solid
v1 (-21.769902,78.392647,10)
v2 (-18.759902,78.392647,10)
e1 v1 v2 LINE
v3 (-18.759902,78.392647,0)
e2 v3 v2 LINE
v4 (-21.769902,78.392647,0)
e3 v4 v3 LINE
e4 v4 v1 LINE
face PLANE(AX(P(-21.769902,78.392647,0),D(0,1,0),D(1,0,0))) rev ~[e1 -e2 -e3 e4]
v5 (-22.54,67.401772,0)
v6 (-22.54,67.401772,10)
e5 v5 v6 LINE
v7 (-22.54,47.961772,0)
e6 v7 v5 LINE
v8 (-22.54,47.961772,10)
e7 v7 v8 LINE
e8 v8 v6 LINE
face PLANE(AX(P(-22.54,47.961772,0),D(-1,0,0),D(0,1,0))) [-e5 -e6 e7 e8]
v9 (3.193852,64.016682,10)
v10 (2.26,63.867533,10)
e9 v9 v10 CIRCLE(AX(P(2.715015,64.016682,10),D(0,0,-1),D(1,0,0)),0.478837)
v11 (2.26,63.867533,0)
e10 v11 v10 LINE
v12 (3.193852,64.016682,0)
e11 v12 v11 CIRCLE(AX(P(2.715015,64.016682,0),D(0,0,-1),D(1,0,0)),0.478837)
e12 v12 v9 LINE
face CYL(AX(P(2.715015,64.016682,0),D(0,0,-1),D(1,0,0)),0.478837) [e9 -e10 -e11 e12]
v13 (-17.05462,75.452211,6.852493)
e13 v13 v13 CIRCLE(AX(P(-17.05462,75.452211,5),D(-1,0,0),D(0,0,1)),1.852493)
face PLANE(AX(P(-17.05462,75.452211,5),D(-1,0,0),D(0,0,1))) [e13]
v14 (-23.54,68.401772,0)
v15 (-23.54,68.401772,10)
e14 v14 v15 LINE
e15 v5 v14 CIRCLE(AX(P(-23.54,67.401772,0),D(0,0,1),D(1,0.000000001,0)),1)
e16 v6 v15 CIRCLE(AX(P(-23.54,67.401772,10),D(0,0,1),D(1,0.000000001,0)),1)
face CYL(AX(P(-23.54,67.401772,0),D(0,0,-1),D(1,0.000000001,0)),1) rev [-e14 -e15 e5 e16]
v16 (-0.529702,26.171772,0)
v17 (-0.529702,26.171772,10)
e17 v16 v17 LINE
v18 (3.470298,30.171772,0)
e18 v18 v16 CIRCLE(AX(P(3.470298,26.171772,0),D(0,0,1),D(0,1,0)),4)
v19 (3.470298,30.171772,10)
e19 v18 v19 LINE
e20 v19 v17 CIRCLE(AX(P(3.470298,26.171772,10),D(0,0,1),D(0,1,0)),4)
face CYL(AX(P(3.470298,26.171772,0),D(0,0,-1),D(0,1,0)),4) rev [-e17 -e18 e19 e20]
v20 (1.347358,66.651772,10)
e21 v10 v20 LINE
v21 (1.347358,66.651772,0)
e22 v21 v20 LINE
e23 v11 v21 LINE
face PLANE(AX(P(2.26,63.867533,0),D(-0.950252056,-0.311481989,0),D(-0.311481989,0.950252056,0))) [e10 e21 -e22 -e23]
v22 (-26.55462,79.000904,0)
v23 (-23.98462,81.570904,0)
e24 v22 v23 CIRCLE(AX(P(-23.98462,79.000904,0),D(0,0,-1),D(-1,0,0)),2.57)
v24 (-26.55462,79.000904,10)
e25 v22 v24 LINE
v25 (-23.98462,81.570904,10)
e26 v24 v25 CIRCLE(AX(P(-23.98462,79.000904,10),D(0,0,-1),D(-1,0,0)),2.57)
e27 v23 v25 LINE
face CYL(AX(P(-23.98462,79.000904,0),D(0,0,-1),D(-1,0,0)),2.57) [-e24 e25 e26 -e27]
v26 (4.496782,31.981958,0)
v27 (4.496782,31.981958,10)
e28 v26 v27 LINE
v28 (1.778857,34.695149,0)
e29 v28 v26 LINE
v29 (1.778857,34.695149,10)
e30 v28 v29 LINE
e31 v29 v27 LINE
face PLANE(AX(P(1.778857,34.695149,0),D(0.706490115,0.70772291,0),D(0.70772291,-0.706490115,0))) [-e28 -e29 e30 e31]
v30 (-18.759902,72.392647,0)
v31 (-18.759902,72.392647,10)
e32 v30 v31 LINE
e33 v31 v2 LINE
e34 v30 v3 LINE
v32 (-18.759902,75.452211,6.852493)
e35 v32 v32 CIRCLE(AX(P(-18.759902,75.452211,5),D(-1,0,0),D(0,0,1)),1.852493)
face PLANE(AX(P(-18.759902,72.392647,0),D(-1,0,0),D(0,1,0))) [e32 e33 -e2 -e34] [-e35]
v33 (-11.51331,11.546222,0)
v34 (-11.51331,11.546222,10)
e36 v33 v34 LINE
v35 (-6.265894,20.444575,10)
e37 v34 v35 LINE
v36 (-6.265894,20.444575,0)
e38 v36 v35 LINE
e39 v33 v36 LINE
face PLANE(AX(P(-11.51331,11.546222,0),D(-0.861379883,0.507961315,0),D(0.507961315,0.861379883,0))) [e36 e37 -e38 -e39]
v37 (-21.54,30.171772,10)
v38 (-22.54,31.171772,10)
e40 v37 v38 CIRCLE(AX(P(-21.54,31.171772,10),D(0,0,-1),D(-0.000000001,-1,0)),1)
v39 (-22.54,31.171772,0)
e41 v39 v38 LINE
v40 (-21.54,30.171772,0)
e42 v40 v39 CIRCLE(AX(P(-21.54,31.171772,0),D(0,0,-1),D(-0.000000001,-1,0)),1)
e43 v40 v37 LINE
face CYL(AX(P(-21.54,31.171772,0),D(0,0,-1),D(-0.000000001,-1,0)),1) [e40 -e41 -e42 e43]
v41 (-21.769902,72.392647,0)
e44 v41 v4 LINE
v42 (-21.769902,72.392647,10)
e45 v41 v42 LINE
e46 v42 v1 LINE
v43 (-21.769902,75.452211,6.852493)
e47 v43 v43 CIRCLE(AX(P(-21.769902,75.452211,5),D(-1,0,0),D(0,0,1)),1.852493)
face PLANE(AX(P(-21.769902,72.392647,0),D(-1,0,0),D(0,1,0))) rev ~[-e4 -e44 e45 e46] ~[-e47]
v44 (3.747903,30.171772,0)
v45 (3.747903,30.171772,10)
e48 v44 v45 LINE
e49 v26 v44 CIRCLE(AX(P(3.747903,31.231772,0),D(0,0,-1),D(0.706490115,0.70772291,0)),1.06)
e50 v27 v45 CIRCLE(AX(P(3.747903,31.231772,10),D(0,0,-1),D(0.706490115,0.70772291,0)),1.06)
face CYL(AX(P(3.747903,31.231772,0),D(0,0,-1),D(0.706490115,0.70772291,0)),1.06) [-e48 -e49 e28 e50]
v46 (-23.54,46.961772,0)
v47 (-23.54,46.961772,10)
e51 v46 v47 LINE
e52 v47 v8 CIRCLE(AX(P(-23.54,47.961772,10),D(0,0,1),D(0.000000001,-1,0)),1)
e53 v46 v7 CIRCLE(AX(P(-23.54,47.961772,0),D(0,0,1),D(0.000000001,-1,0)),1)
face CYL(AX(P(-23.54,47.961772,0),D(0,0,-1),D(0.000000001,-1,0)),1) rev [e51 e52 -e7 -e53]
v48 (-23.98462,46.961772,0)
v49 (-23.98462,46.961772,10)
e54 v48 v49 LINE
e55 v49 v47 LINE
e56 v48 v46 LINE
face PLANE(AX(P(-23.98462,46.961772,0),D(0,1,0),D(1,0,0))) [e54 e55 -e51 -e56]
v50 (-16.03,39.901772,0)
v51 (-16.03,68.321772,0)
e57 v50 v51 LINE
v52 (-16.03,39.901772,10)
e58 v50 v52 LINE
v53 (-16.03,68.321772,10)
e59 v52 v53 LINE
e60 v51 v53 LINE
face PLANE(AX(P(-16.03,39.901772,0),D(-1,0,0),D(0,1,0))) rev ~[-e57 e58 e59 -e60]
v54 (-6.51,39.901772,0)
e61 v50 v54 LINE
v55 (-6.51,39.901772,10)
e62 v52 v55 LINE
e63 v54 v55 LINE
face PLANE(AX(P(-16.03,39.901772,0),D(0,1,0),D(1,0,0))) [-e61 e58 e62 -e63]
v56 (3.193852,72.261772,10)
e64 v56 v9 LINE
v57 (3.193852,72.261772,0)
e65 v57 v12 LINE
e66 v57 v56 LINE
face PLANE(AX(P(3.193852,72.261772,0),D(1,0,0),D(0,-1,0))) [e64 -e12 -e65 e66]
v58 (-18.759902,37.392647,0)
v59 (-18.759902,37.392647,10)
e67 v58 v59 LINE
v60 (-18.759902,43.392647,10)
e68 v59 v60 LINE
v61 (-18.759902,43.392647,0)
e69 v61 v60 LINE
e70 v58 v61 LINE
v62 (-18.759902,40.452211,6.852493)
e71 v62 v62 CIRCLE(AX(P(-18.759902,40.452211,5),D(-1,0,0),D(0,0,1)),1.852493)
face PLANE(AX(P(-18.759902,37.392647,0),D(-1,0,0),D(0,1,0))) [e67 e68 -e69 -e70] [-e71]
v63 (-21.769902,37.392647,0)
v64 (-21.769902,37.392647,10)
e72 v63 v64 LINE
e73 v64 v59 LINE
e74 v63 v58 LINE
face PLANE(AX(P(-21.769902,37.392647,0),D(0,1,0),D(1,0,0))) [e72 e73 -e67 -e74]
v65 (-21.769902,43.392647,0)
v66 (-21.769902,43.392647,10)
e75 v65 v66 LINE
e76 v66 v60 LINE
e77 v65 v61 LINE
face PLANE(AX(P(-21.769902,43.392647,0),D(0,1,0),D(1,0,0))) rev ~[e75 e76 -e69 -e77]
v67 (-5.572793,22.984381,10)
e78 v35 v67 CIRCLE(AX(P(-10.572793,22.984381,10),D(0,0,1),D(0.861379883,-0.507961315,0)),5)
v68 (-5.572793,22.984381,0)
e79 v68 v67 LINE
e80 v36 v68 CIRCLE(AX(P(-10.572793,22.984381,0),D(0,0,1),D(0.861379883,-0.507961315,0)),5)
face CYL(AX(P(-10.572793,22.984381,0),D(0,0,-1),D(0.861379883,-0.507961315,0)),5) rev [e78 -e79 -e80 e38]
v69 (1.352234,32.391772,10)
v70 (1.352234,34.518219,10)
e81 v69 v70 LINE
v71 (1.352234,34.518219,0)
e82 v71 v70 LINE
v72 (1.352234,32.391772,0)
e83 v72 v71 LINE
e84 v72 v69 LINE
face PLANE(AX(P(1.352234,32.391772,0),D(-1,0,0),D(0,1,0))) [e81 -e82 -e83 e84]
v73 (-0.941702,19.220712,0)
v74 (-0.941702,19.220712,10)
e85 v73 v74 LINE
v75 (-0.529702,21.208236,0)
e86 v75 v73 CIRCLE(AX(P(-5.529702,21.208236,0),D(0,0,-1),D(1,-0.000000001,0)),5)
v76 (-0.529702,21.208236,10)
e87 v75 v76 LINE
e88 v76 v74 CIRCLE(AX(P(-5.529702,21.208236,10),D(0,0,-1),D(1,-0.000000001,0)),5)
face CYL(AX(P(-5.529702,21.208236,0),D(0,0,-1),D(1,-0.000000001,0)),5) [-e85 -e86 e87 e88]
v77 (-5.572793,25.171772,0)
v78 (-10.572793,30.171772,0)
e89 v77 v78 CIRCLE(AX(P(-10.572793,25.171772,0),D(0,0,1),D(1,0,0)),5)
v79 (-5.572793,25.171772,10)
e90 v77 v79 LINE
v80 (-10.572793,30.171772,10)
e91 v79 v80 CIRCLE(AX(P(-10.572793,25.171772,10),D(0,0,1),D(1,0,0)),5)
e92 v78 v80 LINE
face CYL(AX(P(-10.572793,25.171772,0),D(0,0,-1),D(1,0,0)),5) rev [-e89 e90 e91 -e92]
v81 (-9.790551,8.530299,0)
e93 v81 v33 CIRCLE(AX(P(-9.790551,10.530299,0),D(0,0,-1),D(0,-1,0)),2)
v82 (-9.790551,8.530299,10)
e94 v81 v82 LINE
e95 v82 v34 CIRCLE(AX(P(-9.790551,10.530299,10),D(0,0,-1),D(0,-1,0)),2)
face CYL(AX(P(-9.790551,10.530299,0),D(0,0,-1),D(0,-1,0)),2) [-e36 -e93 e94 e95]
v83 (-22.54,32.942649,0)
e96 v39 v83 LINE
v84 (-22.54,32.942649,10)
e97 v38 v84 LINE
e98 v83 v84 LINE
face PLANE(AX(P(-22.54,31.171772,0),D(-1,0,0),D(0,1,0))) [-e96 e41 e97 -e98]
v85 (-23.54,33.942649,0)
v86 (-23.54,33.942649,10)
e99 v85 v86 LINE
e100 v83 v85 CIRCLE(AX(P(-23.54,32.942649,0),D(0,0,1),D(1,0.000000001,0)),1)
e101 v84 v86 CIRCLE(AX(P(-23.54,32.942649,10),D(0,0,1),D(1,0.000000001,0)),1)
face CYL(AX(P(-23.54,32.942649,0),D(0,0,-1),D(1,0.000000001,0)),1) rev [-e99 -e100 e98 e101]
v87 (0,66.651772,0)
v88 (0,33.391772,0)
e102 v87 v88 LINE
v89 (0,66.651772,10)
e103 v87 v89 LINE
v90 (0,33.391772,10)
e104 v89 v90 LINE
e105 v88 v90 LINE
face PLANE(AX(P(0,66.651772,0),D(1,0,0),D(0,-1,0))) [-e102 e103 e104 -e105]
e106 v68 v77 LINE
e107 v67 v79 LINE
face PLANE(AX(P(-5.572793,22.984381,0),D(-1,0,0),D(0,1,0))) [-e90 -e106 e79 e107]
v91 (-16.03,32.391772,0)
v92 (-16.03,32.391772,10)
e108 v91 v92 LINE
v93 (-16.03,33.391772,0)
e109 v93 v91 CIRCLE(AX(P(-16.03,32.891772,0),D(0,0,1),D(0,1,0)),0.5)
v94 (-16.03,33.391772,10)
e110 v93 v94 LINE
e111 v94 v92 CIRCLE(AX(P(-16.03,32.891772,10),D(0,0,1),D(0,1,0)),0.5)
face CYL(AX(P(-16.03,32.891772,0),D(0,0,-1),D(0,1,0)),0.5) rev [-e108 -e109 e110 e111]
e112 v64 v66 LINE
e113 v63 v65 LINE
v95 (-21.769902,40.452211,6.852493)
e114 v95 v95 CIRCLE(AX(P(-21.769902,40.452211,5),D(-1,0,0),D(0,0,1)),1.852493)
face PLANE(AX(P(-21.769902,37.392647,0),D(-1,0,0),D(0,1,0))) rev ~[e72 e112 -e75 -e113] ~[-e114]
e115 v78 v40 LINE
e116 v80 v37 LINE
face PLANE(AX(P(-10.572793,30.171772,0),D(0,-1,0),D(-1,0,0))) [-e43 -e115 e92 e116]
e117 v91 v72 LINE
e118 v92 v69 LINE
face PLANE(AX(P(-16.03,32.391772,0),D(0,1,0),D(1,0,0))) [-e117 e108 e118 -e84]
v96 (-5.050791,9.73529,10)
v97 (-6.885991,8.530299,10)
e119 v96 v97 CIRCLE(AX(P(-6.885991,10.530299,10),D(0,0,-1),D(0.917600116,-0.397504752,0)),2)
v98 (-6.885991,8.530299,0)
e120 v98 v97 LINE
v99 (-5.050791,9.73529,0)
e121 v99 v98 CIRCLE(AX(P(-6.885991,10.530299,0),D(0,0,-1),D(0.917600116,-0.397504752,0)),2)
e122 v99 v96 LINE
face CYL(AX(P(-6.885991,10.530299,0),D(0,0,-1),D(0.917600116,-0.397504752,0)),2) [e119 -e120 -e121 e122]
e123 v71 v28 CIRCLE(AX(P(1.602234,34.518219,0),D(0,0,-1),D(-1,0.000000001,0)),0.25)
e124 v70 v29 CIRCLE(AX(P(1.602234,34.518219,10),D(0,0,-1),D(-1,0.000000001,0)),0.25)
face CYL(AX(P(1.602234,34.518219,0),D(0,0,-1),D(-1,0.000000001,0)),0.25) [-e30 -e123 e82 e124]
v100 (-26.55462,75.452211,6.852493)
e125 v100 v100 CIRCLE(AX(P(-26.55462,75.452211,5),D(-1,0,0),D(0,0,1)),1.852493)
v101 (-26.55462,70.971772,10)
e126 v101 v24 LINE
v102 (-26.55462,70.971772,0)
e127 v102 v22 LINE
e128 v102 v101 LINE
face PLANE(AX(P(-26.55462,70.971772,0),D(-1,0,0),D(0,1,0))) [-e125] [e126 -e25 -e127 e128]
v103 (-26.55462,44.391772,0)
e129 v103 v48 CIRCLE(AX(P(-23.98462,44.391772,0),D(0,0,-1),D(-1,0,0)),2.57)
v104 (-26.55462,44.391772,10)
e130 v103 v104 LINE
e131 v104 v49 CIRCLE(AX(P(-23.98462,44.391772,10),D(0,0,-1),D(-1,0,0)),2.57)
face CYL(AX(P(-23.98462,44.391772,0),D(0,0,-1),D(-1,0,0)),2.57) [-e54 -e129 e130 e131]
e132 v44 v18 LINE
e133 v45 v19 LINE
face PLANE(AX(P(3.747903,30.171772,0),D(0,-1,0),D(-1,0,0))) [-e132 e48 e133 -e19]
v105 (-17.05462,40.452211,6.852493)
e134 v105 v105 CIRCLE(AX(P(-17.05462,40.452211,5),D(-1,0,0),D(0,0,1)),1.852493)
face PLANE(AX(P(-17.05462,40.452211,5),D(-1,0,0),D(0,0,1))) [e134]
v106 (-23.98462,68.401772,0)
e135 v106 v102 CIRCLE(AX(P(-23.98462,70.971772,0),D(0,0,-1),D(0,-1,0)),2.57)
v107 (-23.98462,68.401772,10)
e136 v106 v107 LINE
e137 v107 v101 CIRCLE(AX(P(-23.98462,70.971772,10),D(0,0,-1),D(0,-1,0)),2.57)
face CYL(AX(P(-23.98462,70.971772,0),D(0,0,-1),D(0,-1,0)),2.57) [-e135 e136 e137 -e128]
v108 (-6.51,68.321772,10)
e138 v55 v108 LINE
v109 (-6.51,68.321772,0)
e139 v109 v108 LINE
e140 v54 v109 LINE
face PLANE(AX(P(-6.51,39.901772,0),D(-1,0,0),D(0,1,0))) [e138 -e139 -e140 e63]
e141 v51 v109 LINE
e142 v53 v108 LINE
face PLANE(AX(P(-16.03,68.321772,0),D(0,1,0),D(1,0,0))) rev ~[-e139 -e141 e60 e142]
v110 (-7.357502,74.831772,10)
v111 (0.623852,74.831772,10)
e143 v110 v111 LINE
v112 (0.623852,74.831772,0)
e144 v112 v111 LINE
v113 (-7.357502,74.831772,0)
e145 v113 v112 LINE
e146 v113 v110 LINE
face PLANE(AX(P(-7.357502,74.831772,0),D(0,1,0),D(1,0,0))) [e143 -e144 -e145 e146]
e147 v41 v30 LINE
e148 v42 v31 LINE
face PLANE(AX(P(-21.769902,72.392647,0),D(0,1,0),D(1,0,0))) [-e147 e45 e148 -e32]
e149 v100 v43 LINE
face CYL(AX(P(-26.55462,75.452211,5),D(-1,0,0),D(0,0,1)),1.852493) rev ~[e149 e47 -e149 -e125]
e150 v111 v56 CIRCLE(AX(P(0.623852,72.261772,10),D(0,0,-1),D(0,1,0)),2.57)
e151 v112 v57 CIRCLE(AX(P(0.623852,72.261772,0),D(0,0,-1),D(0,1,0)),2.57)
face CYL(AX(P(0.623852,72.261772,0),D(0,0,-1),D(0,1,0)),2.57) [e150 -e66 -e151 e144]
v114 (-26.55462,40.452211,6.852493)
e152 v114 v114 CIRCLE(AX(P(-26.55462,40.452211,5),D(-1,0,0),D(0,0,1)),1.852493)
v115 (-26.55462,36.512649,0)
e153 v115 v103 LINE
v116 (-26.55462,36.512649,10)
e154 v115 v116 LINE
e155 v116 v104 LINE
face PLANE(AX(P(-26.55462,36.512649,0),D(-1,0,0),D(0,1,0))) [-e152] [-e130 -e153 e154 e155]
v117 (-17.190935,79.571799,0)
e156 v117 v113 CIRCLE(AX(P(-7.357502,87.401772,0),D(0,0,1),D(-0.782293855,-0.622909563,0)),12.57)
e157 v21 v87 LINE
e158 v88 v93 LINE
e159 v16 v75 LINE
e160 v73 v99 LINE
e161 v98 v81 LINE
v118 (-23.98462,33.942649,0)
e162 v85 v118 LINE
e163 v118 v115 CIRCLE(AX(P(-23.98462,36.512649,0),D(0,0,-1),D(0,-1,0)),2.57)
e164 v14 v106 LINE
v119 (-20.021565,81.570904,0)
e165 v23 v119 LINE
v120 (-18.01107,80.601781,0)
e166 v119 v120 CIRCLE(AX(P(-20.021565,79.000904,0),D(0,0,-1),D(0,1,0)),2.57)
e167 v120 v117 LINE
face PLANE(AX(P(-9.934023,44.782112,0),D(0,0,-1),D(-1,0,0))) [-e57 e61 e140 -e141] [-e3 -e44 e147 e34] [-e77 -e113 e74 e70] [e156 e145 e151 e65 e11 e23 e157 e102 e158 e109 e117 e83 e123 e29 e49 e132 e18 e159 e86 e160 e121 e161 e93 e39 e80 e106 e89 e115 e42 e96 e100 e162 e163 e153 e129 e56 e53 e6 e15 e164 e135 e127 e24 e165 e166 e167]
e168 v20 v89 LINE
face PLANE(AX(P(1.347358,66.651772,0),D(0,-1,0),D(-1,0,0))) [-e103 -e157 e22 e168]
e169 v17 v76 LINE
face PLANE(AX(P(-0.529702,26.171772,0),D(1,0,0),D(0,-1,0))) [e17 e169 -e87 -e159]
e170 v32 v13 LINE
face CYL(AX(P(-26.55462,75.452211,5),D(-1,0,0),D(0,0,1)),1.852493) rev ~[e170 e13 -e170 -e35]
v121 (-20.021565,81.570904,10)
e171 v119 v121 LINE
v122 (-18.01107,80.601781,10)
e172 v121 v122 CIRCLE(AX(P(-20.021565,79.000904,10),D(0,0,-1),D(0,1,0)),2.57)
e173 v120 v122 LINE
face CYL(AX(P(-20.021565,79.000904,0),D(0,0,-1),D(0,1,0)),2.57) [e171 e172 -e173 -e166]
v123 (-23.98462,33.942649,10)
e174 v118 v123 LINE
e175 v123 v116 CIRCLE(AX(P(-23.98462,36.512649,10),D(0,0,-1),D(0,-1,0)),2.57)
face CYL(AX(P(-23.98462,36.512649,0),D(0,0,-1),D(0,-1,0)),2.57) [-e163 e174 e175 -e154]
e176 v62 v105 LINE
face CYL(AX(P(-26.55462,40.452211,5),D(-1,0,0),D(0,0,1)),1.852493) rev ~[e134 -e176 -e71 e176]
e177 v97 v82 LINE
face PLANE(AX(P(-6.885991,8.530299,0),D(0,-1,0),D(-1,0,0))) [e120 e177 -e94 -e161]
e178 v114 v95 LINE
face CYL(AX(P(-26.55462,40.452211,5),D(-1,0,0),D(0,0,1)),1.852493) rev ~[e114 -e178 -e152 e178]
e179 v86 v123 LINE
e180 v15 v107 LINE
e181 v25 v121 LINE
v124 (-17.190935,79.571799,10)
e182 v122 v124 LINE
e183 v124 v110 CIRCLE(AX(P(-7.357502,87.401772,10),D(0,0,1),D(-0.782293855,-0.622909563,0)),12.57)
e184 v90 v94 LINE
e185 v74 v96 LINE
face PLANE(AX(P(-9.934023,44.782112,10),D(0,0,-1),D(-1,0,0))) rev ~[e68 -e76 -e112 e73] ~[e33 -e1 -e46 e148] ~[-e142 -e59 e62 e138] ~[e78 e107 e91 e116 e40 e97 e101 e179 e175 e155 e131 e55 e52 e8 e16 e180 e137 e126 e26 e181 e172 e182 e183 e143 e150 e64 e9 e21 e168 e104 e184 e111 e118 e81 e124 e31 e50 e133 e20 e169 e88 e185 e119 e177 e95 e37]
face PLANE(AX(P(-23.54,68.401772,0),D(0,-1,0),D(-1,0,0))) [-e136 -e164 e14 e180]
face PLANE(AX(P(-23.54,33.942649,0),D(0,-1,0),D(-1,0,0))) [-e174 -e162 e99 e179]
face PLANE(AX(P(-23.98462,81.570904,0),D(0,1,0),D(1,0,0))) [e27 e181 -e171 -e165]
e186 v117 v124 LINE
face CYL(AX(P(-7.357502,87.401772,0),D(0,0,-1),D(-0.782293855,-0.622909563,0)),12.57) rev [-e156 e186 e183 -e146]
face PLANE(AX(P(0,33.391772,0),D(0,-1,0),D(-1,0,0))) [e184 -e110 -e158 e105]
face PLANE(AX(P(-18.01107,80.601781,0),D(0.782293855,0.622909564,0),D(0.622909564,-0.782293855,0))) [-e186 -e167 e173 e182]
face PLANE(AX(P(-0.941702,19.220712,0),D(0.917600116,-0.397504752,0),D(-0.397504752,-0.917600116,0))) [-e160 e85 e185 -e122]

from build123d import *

# Parameters (mm, degrees)
SKETCH2_W           = 9.52
SKETCH2_H           = 28.42
SKETCH2_W_2         = 3.01
SKETCH2_H_2         = 6
BOSS_EXTRUDE1_DEPTH = 10
SKETCH4_R           = 1.852493383
SKETCH4_R_2         = 1.85249338
CUT_EXTRUDE1_DEPTH  = 9.5


with BuildPart() as part:
    # Sketch2 → Boss-Extrude1 (new body)
    with BuildSketch(Plane.XY):
        with BuildLine():
            Line((0, 66.651771766), (0, 33.391771766))
            Line((0, 33.391771766), (-16.03, 33.391771766))
            ThreePointArc((-16.03, 33.391771766), (-16.53, 32.891771766), (-16.03, 32.391771766))
            Line((-16.03, 32.391771766), (1.352234191, 32.391771766))
            Line((1.352234191, 32.391771766), (1.352234191, 34.518218659))
            ThreePointArc((1.352234191, 34.518218659), (1.506462672, 34.749146821), (1.77885672, 34.695149386))
            Line((1.77885672, 34.695149386), (4.496782459, 31.98195805))
            ThreePointArc((4.496782459, 31.98195805), (4.727391952, 30.826554208), (3.747902937, 30.171771766))
            Line((3.747902937, 30.171771766), (3.470297616, 30.171771766))
            ThreePointArc((3.470297616, 30.171771766), (0.641870491, 29.00019889), (-0.529702384, 26.171771766))
            Line((-0.529702384, 26.171771766), (-0.529702384, 21.208235908))
            ThreePointArc((-0.529702384, 21.208235908), (-0.633785571, 20.193347464), (-0.941701806, 19.220712149))
            Line((-0.941701806, 19.220712149), (-5.050790824, 9.735289546))
            ThreePointArc((-5.050790824, 9.735289546), (-5.788270464, 8.858470858), (-6.885991056, 8.53029905))
            Line((-6.885991056, 8.53029905), (-9.79055056, 8.53029905))
            ThreePointArc((-9.79055056, 8.53029905), (-11.527191752, 9.538292312), (-11.513310325, 11.546221681))
            Line((-11.513310325, 11.546221681), (-6.265893795, 20.444574564))
            ThreePointArc((-6.265893795, 20.444574564), (-5.74917957, 21.668040962), (-5.572793209, 22.984381141))
            Line((-5.572793209, 22.984381141), (-5.572793209, 25.171771766))
            ThreePointArc((-5.572793209, 25.171771766), (-7.037259303, 28.707305672), (-10.572793209, 30.171771766))
            Line((-10.572793209, 30.171771766), (-21.54, 30.171771766))
            ThreePointArc((-21.54, 30.171771766), (-22.247106781, 30.464664985), (-22.54, 31.171771766))
            Line((-22.54, 31.171771766), (-22.54, 32.942649485))
            ThreePointArc((-22.54, 32.942649485), (-22.832893219, 33.649756266), (-23.54, 33.942649485))
            Line((-23.54, 33.942649485), (-23.98462025, 33.942649485))
            ThreePointArc((-23.98462025, 33.942649485), (-25.801884678, 34.695385057), (-26.55462025, 36.512649485))
            Line((-26.55462025, 36.512649485), (-26.55462025, 44.391771766))
            ThreePointArc((-26.55462025, 44.391771766), (-25.801884678, 46.209036193), (-23.98462025, 46.961771766))
            Line((-23.98462025, 46.961771766), (-23.54, 46.961771766))
            ThreePointArc((-23.54, 46.961771766), (-22.832893219, 47.254664985), (-22.54, 47.961771766))
            Line((-22.54, 47.961771766), (-22.54, 67.401771766))
            ThreePointArc((-22.54, 67.401771766), (-22.832893219, 68.108878547), (-23.54, 68.401771766))
            Line((-23.54, 68.401771766), (-23.98462025, 68.401771766))
            ThreePointArc((-23.98462025, 68.401771766), (-25.801884678, 69.154507338), (-26.55462025, 70.971771766))
            Line((-26.55462025, 70.971771766), (-26.55462025, 77.401771766))
            Line((-26.55462025, 77.401771766), (-26.55462025, 79.000903717))
            ThreePointArc((-26.55462025, 79.000903717), (-25.801884678, 80.818168145), (-23.98462025, 81.570903717))
            Line((-23.98462025, 81.570903717), (-20.021565093, 81.570903717))
            ThreePointArc((-20.021565093, 81.570903717), (-18.905624991, 81.31597989), (-18.011069886, 80.601781295))
            Line((-18.011069886, 80.601781295), (-17.190935487, 79.571798553))
            ThreePointArc((-17.190935487, 79.571798553), (-12.815621218, 76.078617097), (-7.357501728, 74.831771766))
            Line((-7.357501728, 74.831771766), (0.623852111, 74.831771766))
            ThreePointArc((0.623852111, 74.831771766), (2.441116539, 74.079036193), (3.193852111, 72.261771766))
            Line((3.193852111, 72.261771766), (3.193852111, 64.016682225))
            ThreePointArc((3.193852111, 64.016682225), (2.79053513, 63.543838386), (2.26, 63.867533241))
            Line((2.26, 63.867533241), (1.347357771, 66.651771766))
            Line((1.347357771, 66.651771766), (0, 66.651771766))
        make_face()
        with Locations((-11.27, 54.111771766)):
            Rectangle(SKETCH2_W, SKETCH2_H, mode=Mode.SUBTRACT)
        with Locations((-20.2649024, 75.392647139)):
            Rectangle(SKETCH2_W_2, SKETCH2_H_2, mode=Mode.SUBTRACT)
        with Locations((-20.2649024, 40.392647139)):
            Rectangle(SKETCH2_W_2, SKETCH2_H_2, mode=Mode.SUBTRACT)
    extrude(amount=BOSS_EXTRUDE1_DEPTH)

    # Sketch4 → Cut-Extrude1 (cut)
    with BuildSketch(Plane.ZY.offset(26.55462025)):
        with Locations((5, 75.452210625)):
            Circle(SKETCH4_R)
        with Locations((5, 40.452210625)):
            Circle(SKETCH4_R_2)
    extrude(amount=-CUT_EXTRUDE1_DEPTH, mode=Mode.SUBTRACT)


solid = part.part
